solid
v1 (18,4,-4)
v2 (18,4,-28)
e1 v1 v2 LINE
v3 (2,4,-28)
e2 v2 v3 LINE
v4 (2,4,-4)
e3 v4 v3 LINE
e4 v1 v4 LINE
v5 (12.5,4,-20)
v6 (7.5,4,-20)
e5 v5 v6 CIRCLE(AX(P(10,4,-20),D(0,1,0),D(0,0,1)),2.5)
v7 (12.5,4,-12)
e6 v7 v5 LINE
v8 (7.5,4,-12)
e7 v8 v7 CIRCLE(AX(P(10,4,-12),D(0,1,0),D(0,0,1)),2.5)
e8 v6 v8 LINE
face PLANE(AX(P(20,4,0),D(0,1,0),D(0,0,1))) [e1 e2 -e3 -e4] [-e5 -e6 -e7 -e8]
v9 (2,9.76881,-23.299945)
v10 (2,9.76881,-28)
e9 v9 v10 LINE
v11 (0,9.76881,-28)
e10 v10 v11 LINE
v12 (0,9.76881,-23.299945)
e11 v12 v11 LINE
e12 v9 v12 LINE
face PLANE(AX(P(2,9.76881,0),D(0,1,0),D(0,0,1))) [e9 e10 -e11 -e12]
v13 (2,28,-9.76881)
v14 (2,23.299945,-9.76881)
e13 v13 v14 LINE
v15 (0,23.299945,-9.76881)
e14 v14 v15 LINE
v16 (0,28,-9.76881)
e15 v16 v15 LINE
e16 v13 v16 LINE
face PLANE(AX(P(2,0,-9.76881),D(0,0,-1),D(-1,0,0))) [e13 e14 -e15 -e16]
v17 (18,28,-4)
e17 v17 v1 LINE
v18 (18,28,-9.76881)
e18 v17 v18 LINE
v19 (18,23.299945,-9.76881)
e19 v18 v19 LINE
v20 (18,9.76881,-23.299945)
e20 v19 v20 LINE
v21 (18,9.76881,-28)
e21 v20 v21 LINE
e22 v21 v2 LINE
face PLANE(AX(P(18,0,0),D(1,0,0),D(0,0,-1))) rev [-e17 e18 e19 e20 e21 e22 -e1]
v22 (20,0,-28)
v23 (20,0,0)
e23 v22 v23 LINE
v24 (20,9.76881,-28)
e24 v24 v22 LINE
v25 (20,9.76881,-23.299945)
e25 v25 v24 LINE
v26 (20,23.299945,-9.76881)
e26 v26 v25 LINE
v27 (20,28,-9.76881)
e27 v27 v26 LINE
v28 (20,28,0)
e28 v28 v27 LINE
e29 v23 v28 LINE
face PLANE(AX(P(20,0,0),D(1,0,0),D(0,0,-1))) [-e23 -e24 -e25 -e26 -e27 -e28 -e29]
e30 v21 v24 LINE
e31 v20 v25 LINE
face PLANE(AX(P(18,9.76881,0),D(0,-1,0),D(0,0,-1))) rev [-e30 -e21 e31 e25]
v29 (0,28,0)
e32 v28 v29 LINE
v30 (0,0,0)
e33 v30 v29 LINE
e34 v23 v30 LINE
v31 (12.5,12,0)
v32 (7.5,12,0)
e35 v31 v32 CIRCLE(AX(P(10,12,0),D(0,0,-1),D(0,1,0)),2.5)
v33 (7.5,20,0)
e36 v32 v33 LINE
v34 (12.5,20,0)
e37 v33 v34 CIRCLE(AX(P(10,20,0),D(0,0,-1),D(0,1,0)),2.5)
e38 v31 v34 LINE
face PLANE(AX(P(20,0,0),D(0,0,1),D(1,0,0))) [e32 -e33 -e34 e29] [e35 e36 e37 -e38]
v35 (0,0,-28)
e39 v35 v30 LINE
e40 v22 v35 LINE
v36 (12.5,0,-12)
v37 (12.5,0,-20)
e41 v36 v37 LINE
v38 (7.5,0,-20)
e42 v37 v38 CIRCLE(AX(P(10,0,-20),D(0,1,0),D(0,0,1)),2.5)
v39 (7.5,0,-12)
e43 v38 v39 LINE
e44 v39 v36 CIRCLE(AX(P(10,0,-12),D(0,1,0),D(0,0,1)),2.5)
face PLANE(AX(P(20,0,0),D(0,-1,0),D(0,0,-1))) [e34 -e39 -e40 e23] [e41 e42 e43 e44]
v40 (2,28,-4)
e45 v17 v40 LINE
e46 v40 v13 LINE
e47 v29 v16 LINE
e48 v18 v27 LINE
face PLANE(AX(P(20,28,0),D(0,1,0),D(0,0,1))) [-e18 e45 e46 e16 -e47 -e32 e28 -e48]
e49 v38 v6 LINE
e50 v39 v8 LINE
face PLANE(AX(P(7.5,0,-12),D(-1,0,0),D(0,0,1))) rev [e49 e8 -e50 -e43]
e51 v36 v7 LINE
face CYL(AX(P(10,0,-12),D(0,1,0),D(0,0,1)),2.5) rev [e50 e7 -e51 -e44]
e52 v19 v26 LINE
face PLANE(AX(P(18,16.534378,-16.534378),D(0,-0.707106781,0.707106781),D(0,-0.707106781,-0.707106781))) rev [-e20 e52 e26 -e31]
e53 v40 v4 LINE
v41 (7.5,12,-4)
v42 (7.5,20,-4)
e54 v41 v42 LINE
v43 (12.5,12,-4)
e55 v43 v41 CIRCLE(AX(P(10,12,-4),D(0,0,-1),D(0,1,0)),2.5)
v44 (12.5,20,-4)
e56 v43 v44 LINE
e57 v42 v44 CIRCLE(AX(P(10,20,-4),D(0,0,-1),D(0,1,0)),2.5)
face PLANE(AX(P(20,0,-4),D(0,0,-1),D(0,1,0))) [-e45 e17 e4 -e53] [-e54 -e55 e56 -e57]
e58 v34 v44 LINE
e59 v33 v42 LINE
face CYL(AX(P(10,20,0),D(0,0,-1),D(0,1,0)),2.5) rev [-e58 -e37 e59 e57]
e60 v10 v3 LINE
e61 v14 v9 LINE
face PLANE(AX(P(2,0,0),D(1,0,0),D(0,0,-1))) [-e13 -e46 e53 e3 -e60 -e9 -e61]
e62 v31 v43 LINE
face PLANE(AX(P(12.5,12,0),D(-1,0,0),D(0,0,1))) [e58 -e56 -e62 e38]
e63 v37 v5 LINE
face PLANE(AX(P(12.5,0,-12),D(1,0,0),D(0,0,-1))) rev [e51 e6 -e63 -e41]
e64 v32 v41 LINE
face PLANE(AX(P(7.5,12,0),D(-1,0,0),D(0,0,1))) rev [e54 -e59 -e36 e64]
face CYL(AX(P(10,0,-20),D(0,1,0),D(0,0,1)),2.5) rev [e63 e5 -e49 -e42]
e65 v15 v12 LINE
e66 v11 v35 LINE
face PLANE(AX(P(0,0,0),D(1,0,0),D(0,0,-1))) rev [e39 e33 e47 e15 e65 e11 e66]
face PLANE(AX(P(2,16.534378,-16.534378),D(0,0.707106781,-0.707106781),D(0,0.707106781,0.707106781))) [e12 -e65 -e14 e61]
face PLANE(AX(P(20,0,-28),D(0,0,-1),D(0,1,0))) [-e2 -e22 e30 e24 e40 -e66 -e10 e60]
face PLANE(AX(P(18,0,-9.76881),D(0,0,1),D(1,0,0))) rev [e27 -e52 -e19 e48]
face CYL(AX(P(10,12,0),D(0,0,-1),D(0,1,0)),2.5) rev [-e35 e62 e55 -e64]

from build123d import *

# Parameters (mm, degrees)
BOSS_EXTRUDE2_DEPTH = 20
BOSS_EXTRUDE3_DEPTH = 2
BOSS_EXTRUDE4_START = 20
BOSS_EXTRUDE4_DEPTH = 2
CUT_EXTRUDE1_DEPTH  = 5
CUT_EXTRUDE2_DEPTH  = 5


with BuildPart() as part:
    # Sketch1 → Boss-Extrude2 (new body)
    with BuildSketch(Plane(origin=(0, 0, 0), x_dir=(0, 0, -1), z_dir=(1, 0, 0))):
        Polygon((0, 28), (0, 0), (28, 0), (28, 4), (4, 4), (4, 28), align=None)
    extrude(amount=BOSS_EXTRUDE2_DEPTH)

    # Sketch1_4 → Boss-Extrude3 (add)
    with BuildSketch(Plane(origin=(0, 0, 0), x_dir=(0, 0, -1), z_dir=(1, 0, 0))):
        Polygon((9.768810499, 28), (4, 28), (4, 4), (28, 4), (28, 9.768810499), (23.299944734, 9.768810499), (9.768810499, 23.299944734), align=None)
    extrude(amount=BOSS_EXTRUDE3_DEPTH)

    # Sketch1_5 → Boss-Extrude4 (add)
    with BuildSketch(Plane(origin=(0, 0, 0), x_dir=(0, 0, -1), z_dir=(1, 0, 0)).offset(BOSS_EXTRUDE4_START)):
        Polygon((9.768810499, 28), (4, 28), (4, 4), (28, 4), (28, 9.768810499), (23.299944734, 9.768810499), (9.768810499, 23.299944734), align=None)
    extrude(amount=-BOSS_EXTRUDE4_DEPTH)

    # Sketch2 → Cut-Extrude1 (cut, through all)
    with BuildSketch(Plane(origin=(0, 4, 0), x_dir=(1, 0, 0), z_dir=(0, 1, 0))):
        with BuildLine():
            Line((7.5, 12), (7.5, 20))
            ThreePointArc((7.5, 20), (10, 22.5), (12.5, 20))
            Line((12.5, 20), (12.5, 12))
            ThreePointArc((12.5, 12), (10, 9.5), (7.5, 12))
        make_face()
    extrude(amount=-CUT_EXTRUDE1_DEPTH, mode=Mode.SUBTRACT)

    # Sketch4 → Cut-Extrude2 (cut, through all)
    with BuildSketch(Plane(origin=(0, 0, -4), x_dir=(-1, 0, 0), z_dir=(0, 0, -1))):
        with BuildLine():
            Line((-12.5, 12), (-12.5, 20))
            ThreePointArc((-12.5, 20), (-10, 22.5), (-7.5, 20))
            Line((-7.5, 20), (-7.5, 12))
            ThreePointArc((-7.5, 12), (-10, 9.5), (-12.5, 12))
        make_face()
    extrude(amount=-CUT_EXTRUDE2_DEPTH, mode=Mode.SUBTRACT)


solid = part.part
